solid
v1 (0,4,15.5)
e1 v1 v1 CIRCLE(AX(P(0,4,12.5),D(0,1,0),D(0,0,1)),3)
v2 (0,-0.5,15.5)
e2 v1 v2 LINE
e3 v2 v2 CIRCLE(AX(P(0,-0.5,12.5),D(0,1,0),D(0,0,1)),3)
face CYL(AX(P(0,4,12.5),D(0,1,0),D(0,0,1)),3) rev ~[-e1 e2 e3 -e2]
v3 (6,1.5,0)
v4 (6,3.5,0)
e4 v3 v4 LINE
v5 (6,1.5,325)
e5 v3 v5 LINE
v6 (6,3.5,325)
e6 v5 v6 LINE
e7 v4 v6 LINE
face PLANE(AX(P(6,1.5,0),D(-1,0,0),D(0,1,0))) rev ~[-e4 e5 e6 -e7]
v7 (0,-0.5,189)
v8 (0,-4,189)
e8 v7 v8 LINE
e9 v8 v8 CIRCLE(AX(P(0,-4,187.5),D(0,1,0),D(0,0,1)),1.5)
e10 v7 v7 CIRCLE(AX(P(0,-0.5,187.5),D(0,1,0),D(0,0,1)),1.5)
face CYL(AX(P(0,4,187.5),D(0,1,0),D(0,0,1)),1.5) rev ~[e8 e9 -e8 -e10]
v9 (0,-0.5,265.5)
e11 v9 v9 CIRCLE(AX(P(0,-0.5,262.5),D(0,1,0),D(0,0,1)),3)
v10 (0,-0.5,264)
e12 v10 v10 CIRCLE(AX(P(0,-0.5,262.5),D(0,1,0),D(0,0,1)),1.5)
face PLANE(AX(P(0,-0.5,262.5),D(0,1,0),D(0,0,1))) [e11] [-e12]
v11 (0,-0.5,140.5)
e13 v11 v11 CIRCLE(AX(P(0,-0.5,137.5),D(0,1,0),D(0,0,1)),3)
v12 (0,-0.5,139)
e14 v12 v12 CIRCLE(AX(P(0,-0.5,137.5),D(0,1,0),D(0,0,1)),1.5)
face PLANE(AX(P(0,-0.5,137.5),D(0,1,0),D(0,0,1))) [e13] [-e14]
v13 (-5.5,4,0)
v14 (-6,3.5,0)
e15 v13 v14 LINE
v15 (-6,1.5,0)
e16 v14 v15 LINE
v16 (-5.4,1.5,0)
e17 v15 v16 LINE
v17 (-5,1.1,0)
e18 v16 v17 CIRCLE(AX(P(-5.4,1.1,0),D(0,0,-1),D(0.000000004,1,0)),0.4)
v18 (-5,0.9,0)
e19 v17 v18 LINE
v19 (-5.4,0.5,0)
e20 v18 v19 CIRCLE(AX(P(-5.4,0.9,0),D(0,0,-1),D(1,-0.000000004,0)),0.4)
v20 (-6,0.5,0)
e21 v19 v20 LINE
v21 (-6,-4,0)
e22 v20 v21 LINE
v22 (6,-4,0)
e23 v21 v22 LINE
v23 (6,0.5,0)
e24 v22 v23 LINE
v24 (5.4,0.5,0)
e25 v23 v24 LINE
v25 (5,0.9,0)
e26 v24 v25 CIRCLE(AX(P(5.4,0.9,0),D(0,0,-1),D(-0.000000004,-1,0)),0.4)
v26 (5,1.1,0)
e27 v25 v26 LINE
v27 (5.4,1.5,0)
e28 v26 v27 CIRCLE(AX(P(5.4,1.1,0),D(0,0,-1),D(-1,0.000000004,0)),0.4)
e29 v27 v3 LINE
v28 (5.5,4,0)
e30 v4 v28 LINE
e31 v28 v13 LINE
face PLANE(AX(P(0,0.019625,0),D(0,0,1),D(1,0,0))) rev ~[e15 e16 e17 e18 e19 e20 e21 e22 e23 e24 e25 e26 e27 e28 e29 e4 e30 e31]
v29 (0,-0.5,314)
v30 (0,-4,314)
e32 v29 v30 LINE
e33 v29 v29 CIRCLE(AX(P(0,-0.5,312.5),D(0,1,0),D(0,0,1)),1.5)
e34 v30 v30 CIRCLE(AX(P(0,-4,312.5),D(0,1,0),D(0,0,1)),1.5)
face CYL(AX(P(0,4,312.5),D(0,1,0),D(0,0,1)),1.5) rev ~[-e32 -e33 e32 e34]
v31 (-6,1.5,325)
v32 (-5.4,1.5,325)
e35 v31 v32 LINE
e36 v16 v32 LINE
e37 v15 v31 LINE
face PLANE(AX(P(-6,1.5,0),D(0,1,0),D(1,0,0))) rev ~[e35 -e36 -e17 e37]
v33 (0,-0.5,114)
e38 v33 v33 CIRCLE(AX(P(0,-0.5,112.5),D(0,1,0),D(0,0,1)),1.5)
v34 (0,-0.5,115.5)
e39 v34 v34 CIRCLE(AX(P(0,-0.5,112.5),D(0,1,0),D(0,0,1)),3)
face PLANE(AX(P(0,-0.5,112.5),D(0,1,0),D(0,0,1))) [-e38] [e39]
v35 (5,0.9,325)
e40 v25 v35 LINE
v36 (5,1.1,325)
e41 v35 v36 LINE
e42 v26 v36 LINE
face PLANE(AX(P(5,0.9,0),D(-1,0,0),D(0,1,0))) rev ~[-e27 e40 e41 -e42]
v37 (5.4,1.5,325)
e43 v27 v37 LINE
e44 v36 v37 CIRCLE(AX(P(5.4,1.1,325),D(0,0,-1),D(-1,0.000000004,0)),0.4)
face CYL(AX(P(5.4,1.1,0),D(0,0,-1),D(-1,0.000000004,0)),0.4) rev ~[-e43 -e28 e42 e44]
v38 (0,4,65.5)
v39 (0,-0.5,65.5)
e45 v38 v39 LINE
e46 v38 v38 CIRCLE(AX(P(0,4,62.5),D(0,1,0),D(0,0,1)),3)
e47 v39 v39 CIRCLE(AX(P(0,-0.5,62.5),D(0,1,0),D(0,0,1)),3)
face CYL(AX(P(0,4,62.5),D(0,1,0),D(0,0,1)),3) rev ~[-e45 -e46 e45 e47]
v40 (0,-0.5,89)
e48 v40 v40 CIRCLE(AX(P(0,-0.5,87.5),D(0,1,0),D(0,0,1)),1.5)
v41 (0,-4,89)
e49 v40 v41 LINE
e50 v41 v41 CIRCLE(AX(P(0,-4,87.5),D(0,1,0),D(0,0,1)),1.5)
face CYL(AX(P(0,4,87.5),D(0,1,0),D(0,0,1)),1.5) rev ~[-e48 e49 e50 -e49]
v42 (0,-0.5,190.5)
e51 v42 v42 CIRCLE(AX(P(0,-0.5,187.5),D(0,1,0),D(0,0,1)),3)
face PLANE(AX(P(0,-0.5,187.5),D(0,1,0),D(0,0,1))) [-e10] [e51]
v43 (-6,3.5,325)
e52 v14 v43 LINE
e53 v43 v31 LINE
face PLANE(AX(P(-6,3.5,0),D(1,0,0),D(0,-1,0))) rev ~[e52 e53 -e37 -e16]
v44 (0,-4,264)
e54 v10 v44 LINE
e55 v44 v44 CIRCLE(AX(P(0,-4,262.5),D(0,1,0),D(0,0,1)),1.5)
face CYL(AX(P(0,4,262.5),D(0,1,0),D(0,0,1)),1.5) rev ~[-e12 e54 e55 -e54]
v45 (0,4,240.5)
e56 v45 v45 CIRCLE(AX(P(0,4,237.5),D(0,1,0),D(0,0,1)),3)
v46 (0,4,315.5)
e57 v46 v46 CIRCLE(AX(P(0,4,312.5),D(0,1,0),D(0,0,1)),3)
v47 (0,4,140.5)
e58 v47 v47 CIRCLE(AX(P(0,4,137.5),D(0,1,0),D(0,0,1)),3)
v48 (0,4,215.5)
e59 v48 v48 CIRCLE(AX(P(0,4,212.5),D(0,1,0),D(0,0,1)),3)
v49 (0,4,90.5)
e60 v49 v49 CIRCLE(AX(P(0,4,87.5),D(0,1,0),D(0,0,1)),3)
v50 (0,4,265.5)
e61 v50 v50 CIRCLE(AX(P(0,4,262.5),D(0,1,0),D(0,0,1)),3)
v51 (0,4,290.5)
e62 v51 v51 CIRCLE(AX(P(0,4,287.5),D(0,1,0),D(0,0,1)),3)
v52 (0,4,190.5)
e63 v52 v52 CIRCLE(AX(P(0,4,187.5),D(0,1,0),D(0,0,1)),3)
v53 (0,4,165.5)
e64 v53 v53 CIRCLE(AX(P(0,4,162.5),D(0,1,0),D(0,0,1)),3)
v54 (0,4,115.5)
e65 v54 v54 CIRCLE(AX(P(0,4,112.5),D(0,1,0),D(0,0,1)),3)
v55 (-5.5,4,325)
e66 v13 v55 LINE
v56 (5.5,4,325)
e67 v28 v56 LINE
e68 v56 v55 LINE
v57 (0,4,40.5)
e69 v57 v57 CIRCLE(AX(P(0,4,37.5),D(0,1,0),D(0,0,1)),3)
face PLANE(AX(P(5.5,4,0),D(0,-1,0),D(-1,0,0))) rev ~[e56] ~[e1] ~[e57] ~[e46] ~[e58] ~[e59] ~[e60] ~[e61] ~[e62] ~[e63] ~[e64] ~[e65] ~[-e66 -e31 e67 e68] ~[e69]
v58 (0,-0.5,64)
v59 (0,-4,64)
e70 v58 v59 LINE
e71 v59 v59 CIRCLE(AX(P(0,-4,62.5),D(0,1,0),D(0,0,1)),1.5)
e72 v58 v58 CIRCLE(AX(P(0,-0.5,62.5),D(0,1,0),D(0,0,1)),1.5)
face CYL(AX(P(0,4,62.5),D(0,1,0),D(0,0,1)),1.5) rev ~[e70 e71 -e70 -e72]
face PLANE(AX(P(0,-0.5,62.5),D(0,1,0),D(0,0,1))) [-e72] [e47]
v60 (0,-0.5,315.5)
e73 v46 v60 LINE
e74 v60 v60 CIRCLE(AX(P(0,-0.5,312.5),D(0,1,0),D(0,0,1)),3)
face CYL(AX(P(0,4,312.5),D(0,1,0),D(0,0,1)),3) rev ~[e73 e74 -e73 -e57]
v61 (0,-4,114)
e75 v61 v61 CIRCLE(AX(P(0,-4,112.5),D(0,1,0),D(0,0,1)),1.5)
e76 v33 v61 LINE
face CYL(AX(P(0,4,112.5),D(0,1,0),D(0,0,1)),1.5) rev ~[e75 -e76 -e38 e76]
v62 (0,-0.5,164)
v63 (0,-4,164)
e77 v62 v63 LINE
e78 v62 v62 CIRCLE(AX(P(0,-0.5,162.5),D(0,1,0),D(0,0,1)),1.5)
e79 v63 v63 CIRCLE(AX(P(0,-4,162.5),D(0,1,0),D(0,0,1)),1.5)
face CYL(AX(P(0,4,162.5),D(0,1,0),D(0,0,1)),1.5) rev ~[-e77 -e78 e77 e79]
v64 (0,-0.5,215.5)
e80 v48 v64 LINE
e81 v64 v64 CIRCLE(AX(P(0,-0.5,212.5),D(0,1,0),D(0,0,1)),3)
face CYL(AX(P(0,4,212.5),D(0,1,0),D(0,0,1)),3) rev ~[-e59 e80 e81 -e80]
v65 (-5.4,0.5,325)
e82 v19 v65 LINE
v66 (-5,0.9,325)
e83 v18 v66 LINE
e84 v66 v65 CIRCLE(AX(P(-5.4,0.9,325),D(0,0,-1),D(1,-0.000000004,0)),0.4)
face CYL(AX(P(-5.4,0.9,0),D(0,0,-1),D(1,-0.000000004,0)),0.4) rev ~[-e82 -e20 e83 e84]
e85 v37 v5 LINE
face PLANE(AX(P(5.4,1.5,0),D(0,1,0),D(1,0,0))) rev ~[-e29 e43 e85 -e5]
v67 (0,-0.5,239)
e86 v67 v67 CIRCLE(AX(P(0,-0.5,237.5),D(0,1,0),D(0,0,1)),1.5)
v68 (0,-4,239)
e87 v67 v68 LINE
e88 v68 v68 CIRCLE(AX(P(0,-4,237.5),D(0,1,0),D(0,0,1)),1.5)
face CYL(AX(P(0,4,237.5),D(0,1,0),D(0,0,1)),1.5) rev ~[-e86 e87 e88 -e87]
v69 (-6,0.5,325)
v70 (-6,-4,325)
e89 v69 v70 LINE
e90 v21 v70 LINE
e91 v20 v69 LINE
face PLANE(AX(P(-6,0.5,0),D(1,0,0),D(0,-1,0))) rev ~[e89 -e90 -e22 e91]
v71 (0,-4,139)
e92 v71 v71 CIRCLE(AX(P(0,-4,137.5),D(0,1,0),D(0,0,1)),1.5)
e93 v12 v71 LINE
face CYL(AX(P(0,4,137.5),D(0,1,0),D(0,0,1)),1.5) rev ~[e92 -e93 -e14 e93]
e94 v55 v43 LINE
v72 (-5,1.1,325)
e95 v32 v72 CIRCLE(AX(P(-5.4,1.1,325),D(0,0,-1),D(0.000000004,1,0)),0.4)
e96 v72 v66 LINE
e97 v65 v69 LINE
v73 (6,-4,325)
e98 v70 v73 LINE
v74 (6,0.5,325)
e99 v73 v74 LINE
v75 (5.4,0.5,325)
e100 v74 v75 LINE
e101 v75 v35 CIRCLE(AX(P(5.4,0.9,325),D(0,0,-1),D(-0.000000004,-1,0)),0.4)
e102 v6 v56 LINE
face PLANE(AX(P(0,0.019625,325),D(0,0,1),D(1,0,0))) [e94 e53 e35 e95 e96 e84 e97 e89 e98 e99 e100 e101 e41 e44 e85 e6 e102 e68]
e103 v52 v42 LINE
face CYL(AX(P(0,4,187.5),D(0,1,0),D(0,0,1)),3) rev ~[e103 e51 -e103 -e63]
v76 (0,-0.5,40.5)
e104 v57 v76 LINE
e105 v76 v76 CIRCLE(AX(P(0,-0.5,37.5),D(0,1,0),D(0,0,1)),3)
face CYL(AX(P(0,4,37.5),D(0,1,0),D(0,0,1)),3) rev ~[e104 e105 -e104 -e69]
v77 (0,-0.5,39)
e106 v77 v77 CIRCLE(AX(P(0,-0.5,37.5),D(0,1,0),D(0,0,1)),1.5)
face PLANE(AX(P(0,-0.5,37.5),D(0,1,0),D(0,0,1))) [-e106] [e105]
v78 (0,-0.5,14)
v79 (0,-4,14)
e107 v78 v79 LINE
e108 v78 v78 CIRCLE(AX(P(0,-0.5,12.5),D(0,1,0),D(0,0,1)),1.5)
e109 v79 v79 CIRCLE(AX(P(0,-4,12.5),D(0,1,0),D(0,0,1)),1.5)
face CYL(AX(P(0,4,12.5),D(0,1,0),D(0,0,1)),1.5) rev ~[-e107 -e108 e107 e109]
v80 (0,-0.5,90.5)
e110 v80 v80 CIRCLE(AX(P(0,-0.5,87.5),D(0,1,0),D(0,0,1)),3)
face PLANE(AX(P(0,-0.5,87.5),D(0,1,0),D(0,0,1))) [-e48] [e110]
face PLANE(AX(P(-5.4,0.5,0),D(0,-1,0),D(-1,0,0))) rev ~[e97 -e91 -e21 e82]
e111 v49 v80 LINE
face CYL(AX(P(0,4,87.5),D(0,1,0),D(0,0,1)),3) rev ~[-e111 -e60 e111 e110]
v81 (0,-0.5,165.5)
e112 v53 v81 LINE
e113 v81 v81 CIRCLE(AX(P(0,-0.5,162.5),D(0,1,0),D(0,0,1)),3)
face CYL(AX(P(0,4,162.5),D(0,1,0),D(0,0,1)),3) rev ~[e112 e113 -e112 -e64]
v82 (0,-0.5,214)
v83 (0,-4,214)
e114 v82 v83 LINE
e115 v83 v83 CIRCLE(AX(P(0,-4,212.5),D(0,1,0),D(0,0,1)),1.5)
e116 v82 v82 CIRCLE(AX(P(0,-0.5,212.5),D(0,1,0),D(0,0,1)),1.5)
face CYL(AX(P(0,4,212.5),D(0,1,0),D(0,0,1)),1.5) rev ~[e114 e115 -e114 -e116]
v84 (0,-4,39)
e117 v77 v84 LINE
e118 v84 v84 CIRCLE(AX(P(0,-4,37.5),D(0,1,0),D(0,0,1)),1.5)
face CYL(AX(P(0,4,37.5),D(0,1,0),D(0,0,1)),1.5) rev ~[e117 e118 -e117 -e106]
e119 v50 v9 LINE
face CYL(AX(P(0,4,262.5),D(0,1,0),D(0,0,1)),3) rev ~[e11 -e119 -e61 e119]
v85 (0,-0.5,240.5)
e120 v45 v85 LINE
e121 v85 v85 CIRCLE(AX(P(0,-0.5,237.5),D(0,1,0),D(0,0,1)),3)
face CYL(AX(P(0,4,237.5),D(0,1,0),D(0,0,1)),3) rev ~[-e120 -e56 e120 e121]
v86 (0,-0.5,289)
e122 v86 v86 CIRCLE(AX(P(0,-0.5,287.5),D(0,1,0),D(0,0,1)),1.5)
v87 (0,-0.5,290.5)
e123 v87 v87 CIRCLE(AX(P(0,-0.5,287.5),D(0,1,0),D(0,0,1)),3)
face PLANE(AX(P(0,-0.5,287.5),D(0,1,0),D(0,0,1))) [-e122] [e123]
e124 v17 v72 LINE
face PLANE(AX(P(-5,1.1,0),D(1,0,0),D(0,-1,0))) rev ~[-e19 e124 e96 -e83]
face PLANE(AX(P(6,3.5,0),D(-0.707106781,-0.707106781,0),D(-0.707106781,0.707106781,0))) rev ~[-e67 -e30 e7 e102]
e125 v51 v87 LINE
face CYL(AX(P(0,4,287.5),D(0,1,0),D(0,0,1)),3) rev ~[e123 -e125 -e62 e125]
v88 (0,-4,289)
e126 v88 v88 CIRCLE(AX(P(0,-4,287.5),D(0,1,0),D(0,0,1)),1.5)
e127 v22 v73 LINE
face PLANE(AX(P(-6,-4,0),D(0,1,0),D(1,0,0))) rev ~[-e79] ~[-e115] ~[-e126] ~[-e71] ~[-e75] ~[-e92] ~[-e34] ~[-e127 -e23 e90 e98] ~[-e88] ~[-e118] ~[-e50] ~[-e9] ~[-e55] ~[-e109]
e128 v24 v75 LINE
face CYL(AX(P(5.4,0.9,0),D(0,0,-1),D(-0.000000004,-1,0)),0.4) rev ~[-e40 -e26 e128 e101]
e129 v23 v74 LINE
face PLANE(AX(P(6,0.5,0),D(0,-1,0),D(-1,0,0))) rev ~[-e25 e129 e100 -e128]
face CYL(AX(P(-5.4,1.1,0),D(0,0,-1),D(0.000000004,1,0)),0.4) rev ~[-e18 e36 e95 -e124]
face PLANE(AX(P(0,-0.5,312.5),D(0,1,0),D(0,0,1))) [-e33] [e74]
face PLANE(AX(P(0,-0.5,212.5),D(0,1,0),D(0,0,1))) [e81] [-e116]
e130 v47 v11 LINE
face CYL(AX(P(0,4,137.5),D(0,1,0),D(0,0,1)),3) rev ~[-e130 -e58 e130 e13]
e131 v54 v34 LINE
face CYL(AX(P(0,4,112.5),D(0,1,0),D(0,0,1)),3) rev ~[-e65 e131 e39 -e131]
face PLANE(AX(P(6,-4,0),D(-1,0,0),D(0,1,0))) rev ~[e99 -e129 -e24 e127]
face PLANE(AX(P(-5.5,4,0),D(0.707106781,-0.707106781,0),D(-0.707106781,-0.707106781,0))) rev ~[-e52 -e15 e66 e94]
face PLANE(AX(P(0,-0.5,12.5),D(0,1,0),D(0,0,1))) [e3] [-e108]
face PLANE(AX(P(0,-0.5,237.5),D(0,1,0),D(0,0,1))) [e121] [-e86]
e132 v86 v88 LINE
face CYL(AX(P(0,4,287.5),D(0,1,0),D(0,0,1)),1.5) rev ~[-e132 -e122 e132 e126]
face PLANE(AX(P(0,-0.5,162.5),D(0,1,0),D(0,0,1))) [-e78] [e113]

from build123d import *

# Parameters (mm, degrees)
BOSS_EXTRUDE1_DEPTH = 325
SKETCH3_R           = 1.5
CUT_EXTRUDE1_DEPTH  = 14
SKETCH4_R           = 3
CUT_EXTRUDE2_DEPTH  = 4.5
LPATTERN2_COUNT     = 14
LPATTERN2_PITCH     = 25


with BuildPart() as part:
    # Sketch1 → Boss-Extrude1 (new body)
    with BuildSketch(Plane.XY):
        with BuildLine():
            Line((-6, 1.5), (-5.4, 1.5))
            ThreePointArc((-5.4, 1.5), (-5.117157288, 1.382842712), (-5, 1.1))
            Line((-5, 1.1), (-5, 0.9))
            ThreePointArc((-5, 0.9), (-5.117157288, 0.617157288), (-5.4, 0.5))
            Line((-5.4, 0.5), (-6, 0.5))
            Line((-6, 0.5), (-6, -4))
            Line((-6, -4), (6, -4))
            Line((6, -4), (6, 0.5))
            Line((6, 0.5), (5.4, 0.5))
            ThreePointArc((5.4, 0.5), (5.117157288, 0.617157288), (5, 0.9))
            Line((5, 0.9), (5, 1.1))
            ThreePointArc((5, 1.1), (5.117157288, 1.382842712), (5.4, 1.5))
            Line((5.4, 1.5), (6, 1.5))
            Line((6, 1.5), (6, 3.5))
            Line((6, 3.5), (5.5, 4))
            Line((5.5, 4), (-5.5, 4))
            Line((-5.5, 4), (-6, 3.5))
            Line((-6, 3.5), (-6, 1.5))
        make_face()
    extrude(amount=BOSS_EXTRUDE1_DEPTH)

    # Sketch3 → Cut-Extrude1 (cut)
    with BuildSketch(Plane(origin=(0, 4, 0), x_dir=(1, 0, 0), z_dir=(0, 1, 0))):
        with Locations(Location((0, -312.5, 0), (0, 0, 270))):
            Circle(SKETCH3_R)
    cut_extrude1 = extrude(amount=-CUT_EXTRUDE1_DEPTH, mode=Mode.SUBTRACT)

    # Sketch4 → Cut-Extrude2 (cut)
    with BuildSketch(Plane(origin=(0, 4, 0), x_dir=(1, 0, 0), z_dir=(0, 1, 0))):
        with Locations(Location((0, -312.5, 0), (0, 0, 270))):
            Circle(SKETCH4_R)
    cut_extrude2 = extrude(amount=-CUT_EXTRUDE2_DEPTH, mode=Mode.SUBTRACT)

    # LPattern2: Cut-Extrude1, Cut-Extrude2 ×14
    with Locations(*[(0, 0, -i * LPATTERN2_PITCH) for i in range(1, LPATTERN2_COUNT)]):
        add(cut_extrude1, mode=Mode.SUBTRACT)
        add(cut_extrude2, mode=Mode.SUBTRACT)


solid = part.part
